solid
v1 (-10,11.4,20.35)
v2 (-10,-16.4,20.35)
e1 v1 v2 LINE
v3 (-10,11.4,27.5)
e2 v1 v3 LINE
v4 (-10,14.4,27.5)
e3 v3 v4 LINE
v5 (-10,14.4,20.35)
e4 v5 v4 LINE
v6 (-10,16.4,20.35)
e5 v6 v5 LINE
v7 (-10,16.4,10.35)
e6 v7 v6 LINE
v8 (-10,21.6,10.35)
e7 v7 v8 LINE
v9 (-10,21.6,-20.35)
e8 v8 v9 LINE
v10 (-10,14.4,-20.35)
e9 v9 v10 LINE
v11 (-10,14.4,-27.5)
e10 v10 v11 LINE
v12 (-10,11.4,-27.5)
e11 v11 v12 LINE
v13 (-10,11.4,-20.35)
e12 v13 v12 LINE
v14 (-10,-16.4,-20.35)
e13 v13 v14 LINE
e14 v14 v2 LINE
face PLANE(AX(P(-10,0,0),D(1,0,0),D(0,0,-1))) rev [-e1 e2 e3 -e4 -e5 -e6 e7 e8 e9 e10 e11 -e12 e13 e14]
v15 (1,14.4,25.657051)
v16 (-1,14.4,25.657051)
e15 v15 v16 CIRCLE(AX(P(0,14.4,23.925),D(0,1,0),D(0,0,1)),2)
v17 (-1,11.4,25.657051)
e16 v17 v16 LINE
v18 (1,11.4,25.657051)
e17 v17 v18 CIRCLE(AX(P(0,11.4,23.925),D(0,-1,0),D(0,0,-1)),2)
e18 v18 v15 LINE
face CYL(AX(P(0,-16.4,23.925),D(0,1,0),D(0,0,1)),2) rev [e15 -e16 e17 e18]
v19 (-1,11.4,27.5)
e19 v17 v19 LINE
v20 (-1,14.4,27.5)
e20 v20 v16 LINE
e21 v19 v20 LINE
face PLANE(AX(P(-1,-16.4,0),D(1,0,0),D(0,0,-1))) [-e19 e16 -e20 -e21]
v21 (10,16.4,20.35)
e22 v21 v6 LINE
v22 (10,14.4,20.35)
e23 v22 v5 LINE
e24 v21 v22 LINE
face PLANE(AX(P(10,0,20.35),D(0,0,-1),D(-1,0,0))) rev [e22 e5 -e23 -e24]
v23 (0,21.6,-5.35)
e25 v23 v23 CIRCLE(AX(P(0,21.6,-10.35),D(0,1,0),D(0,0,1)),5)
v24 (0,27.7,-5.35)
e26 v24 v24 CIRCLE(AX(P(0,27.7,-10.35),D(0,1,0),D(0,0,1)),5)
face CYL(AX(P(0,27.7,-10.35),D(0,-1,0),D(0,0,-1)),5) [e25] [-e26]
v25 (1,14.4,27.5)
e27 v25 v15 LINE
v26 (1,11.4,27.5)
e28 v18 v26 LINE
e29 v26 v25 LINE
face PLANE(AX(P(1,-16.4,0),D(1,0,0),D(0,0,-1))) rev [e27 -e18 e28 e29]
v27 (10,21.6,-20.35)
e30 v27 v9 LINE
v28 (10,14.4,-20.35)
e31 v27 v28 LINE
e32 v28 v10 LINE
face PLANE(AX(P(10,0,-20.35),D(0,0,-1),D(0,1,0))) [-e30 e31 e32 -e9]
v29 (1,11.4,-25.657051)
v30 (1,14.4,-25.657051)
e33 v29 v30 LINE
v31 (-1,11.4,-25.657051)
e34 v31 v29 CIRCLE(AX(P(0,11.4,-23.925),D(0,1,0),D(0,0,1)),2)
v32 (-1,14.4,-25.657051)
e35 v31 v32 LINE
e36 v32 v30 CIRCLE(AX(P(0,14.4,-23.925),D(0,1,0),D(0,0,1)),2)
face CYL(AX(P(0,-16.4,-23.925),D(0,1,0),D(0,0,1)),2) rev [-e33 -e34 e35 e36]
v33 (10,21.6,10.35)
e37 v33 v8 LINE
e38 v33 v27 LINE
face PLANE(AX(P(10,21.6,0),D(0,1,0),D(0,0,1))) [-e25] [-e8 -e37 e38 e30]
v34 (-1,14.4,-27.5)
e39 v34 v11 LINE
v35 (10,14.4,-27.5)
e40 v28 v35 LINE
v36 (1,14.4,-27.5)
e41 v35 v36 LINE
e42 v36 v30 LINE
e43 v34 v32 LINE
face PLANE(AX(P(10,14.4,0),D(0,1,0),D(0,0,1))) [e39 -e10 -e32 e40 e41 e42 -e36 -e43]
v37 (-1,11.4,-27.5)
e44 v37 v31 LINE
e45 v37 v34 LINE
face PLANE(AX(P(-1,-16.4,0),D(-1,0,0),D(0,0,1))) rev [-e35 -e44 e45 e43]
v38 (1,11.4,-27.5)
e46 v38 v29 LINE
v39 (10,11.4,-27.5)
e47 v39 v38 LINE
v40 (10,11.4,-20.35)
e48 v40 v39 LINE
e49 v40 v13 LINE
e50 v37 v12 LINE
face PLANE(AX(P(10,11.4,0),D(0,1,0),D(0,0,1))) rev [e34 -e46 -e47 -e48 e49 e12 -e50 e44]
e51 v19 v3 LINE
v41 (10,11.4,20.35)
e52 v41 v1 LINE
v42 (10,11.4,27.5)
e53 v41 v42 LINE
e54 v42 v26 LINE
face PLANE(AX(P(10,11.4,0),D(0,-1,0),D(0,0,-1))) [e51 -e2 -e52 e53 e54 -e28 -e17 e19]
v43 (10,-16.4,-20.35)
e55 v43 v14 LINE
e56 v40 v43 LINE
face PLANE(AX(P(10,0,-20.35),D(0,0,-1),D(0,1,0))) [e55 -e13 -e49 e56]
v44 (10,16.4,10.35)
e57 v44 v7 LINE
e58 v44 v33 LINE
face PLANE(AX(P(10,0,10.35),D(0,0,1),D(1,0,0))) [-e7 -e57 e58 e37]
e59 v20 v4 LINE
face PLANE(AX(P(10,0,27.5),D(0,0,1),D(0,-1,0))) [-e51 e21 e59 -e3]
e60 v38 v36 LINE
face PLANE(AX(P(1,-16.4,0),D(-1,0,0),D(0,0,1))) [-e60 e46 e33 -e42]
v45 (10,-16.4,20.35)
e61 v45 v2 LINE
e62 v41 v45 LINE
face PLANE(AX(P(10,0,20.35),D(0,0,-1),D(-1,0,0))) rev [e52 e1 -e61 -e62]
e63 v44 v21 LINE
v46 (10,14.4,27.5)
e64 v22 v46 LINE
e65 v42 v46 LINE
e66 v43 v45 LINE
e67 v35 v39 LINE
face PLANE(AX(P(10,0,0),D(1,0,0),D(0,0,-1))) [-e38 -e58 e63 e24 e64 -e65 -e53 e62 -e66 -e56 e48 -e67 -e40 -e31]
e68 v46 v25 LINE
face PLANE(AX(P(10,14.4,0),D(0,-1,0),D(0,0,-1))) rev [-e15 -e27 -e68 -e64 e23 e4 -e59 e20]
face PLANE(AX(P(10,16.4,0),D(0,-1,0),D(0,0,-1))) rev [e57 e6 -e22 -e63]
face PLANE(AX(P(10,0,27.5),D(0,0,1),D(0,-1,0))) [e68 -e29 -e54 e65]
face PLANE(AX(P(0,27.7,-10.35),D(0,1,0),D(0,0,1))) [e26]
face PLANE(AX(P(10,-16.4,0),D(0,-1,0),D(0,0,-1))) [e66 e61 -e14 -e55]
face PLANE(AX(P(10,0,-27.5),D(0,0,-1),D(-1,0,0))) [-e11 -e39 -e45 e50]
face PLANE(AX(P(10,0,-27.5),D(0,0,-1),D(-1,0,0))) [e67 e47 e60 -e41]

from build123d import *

# Parameters (mm, degrees)
SKETCH2_W           = 40.7
SKETCH2_H           = 32.8
SKETCH2_W_2         = 7.15
SKETCH2_H_2         = 3
BOSS_EXTRUDE1_DEPTH = 10
SKETCH3_R           = 5
BOSS_EXTRUDE2_DEPTH = 6.1
CUT_EXTRUDE1_DEPTH  = 43.483996987


with BuildPart() as part:
    # Sketch2 → Boss-Extrude1 (new, symmetric)
    with BuildSketch(Plane(origin=(0, 0, 0), x_dir=(0, 0, -1), z_dir=(1, 0, 0))):
        Rectangle(SKETCH2_W, SKETCH2_H)
        with Locations((-23.925, 12.9)):
            Rectangle(SKETCH2_W_2, SKETCH2_H_2)
        with Locations((23.925, 12.9)):
            Rectangle(SKETCH2_W_2, SKETCH2_H_2)
        Polygon((-10.35, 16.4), (20.35, 16.4), (20.35, 21.6), (15.35, 21.6), (5.35, 21.6), (-10.35, 21.6), align=None)
    extrude(amount=BOSS_EXTRUDE1_DEPTH, both=True)

    # Sketch3 → Boss-Extrude2 (add)
    with BuildSketch(Plane(origin=(0, 21.6, 0), x_dir=(1, 0, 0), z_dir=(0, 1, 0))):
        with Locations(Location((0, 10.35, 0), (0, 0, 270))):
            Circle(SKETCH3_R)
    extrude(amount=BOSS_EXTRUDE2_DEPTH)

    # Sketch4 → Cut-Extrude1 (cut, through all)
    with BuildSketch(Plane(origin=(0, 14.4, 0), x_dir=(1, 0, 0), z_dir=(0, 1, 0))):
        with BuildLine():
            Line((-1, -25.657050808), (-1, -27.5))
            Line((-1, -27.5), (1, -27.5))
            Line((1, -27.5), (1, -25.657050808))
            ThreePointArc((1, -25.657050808), (0, -25.925), (-1, -25.657050808))
        make_face()
        with BuildLine():
            ThreePointArc((2, -23.925), (-1, -22.192949192), (-1, -25.657050808))
            Line((-1, -25.657050808), (1, -25.657050808))
            ThreePointArc((1, -25.657050808), (1.732050808, -24.925), (2, -23.925))
        make_face()
        with BuildLine():
            Line((1, -25.657050808), (-1, -25.657050808))
            ThreePointArc((-1, -25.657050808), (0, -25.925), (1, -25.657050808))
        make_face()
        with BuildLine():
            ThreePointArc((2, 23.925), (1.732050808, 24.925), (1, 25.657050808))
            Line((1, 25.657050808), (-1, 25.657050808))
            ThreePointArc((-1, 25.657050808), (-1, 22.192949192), (2, 23.925))
        make_face()
        with BuildLine():
            Line((-1, 25.657050808), (1, 25.657050808))
            ThreePointArc((1, 25.657050808), (0, 25.925), (-1, 25.657050808))
        make_face()
        with BuildLine():
            Line((1, 25.657050808), (1, 27.5))
            Line((1, 27.5), (-1, 27.5))
            Line((-1, 27.5), (-1, 25.657050808))
            ThreePointArc((-1, 25.657050808), (0, 25.925), (1, 25.657050808))
        make_face()
    extrude(amount=-CUT_EXTRUDE1_DEPTH, mode=Mode.SUBTRACT)


solid = part.part
